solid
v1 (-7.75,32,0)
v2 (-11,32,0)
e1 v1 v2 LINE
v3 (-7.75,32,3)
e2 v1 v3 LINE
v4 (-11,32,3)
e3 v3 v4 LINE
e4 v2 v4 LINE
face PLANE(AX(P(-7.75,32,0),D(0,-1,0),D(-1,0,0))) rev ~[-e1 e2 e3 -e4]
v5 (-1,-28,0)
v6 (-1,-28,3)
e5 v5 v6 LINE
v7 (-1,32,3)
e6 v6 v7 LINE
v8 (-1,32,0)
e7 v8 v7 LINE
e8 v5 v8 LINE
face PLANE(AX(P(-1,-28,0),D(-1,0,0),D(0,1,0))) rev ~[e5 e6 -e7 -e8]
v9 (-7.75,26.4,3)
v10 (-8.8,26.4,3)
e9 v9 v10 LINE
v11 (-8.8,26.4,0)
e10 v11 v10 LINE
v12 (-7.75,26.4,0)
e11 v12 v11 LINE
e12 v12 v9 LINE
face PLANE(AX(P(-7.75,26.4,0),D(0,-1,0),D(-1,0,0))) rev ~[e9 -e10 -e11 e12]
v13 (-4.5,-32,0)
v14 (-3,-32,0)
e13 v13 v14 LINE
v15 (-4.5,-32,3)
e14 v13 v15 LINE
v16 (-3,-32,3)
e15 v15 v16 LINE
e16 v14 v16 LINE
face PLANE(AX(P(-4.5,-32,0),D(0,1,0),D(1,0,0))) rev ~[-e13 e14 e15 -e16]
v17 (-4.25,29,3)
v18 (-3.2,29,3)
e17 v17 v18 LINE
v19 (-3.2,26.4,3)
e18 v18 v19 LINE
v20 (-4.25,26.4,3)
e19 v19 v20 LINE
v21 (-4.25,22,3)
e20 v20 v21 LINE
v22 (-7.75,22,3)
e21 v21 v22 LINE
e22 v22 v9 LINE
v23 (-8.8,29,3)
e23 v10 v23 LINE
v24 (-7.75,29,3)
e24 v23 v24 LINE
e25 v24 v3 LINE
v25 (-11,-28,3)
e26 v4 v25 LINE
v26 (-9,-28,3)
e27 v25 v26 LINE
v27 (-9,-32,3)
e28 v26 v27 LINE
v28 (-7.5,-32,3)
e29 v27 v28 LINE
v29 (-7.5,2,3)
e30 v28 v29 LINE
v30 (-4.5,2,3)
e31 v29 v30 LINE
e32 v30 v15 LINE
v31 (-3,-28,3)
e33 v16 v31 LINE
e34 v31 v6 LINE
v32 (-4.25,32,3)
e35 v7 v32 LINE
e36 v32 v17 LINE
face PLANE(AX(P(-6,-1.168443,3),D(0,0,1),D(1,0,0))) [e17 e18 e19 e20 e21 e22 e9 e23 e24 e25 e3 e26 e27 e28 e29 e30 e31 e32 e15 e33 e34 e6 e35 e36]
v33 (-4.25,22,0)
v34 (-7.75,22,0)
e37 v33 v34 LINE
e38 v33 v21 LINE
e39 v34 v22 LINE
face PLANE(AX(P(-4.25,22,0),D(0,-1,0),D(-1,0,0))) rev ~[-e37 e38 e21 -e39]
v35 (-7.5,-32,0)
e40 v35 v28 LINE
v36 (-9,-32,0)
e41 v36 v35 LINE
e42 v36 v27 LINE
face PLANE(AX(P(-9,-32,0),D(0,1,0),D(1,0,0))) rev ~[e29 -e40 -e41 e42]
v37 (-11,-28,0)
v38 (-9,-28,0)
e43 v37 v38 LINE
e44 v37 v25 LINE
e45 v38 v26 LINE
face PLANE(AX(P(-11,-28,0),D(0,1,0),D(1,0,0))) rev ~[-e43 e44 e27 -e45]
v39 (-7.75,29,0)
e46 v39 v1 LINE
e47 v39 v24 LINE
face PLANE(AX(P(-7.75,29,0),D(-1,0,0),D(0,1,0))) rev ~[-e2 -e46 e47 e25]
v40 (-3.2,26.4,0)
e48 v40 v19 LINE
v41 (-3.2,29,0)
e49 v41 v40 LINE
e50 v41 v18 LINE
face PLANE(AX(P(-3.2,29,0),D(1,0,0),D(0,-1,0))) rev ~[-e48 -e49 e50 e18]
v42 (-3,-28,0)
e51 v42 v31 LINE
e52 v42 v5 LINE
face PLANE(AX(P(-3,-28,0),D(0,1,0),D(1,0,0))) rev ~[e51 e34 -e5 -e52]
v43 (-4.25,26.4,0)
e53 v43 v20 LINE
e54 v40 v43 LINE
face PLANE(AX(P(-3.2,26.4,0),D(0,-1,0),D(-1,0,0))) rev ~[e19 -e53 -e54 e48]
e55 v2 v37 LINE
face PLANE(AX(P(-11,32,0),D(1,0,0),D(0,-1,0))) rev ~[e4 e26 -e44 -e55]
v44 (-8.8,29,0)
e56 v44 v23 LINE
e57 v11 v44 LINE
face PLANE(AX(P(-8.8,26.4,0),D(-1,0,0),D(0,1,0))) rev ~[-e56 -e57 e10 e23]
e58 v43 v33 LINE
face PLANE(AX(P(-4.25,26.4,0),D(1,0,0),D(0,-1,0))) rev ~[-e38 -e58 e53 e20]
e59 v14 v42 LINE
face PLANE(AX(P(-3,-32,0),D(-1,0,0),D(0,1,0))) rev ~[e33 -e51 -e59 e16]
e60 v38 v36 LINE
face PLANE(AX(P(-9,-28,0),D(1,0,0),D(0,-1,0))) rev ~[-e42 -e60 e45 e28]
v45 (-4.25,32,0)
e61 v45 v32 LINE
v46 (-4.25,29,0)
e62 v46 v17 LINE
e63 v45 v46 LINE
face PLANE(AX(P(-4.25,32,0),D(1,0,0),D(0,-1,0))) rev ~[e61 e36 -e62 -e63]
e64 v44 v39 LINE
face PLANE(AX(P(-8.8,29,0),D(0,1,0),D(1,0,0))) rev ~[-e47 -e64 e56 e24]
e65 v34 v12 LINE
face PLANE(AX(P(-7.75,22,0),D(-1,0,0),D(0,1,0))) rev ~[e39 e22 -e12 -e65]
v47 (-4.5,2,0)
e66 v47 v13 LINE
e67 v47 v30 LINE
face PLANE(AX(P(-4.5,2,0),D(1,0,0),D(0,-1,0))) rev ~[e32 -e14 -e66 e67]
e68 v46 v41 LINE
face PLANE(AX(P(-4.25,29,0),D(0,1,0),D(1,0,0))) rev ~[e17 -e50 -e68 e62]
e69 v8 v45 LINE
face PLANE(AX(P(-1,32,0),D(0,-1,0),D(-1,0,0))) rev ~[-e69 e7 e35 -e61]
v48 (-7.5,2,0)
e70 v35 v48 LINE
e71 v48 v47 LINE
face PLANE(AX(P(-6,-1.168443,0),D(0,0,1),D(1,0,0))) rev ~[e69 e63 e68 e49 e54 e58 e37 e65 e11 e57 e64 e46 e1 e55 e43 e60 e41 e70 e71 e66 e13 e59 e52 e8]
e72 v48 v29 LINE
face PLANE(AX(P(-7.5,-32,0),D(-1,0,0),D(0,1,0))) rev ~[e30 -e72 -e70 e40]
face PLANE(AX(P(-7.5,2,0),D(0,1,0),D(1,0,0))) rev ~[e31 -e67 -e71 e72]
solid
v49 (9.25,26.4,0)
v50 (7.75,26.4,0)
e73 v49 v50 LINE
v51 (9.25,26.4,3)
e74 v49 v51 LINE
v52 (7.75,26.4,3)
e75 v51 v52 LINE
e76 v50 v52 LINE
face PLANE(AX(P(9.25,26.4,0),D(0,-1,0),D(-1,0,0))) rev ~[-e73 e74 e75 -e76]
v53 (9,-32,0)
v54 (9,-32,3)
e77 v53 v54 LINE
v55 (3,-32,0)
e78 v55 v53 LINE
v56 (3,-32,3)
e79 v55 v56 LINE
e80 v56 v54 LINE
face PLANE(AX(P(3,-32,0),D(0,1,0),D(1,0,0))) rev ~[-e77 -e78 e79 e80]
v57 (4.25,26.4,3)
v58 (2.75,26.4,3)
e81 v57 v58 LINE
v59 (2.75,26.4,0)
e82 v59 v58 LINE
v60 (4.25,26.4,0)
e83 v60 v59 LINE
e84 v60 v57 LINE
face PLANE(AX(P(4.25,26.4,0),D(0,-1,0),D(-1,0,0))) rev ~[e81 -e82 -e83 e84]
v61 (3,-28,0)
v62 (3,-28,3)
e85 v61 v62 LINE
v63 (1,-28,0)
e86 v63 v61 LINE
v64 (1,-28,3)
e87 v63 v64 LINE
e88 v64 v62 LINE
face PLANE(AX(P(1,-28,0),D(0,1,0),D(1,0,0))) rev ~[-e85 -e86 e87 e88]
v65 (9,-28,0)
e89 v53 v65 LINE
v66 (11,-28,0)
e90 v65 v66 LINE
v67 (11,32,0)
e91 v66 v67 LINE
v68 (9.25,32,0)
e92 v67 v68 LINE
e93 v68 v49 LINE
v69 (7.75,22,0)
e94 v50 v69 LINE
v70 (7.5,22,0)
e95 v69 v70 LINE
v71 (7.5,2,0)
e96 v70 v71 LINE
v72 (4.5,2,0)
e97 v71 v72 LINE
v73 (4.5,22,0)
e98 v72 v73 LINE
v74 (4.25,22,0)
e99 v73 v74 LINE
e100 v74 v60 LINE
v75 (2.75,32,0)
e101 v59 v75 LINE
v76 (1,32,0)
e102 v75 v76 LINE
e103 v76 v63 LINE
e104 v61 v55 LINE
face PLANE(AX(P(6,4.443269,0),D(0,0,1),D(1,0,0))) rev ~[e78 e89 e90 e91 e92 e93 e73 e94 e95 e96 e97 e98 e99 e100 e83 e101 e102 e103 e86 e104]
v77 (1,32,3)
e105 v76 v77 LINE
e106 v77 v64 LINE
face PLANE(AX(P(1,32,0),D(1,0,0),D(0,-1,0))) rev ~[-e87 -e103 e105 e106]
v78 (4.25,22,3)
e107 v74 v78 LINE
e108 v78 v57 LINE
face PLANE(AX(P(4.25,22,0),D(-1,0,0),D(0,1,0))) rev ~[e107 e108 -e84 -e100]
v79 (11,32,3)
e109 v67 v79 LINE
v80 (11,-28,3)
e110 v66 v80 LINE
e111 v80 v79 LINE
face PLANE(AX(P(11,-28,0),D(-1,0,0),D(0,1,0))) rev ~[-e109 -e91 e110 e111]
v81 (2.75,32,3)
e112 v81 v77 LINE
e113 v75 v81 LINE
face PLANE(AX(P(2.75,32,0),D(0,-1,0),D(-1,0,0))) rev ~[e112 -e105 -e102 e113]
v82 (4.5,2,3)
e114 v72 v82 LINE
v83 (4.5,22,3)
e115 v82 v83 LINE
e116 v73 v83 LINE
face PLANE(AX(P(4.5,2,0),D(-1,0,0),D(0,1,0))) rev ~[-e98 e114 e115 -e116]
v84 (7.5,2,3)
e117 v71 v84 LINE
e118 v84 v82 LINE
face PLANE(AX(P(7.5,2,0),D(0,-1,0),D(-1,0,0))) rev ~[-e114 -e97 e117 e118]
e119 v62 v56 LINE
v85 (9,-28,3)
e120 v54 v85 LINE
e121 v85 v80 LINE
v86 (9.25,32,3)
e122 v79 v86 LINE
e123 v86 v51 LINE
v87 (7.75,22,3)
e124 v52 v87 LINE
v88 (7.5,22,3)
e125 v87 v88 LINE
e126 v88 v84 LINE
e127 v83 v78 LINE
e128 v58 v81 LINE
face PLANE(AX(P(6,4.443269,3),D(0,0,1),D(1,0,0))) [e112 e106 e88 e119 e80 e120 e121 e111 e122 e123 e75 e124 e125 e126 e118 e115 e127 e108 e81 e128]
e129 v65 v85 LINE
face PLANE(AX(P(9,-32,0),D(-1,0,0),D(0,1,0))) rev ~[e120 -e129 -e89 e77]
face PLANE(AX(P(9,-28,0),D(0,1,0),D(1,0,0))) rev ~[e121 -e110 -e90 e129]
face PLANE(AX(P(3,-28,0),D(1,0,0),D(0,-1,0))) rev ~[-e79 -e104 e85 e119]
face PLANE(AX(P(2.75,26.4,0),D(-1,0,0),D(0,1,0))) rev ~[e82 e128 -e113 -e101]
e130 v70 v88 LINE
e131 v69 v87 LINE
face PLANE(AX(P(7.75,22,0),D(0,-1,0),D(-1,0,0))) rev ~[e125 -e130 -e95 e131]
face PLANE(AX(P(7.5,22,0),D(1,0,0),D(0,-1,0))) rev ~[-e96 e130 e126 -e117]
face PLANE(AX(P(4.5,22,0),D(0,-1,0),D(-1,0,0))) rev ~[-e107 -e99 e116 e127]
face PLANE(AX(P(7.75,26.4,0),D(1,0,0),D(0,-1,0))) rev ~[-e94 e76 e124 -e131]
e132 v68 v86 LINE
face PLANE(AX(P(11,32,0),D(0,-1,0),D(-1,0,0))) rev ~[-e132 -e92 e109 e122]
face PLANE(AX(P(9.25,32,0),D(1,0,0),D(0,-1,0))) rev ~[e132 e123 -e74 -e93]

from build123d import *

# Parameters (mm, degrees)
F1_DEPTH = 3


with BuildPart() as f1:
    # F0 (on Top) → F1 (new body)
    with BuildSketch(Plane.XY):
        Polygon((-7.75, 32), (-11, 32), (-11, -28), (-9, -28), (-9, -32), (-7.5, -32), (-7.5, 2), (-4.5, 2), (-4.5, -32), (-3, -32), (-3, -28), (-1, -28), (-1, 32), (-4.25, 32), (-4.25, 29), (-3.2, 29), (-3.2, 26.4), (-4.25, 26.4), (-4.25, 22), (-7.75, 22), (-7.75, 26.4), (-8.8, 26.4), (-8.8, 29), (-7.75, 29), align=None)
        Polygon((2.75, 32), (1, 32), (1, -28), (3, -28), (3, -32), (9, -32), (9, -28), (11, -28), (11, 32), (9.25, 32), (9.25, 26.4), (7.75, 26.4), (7.75, 22), (7.5, 22), (7.5, 2), (4.5, 2), (4.5, 22), (4.25, 22), (4.25, 26.4), (2.75, 26.4), align=None)
    extrude(amount=F1_DEPTH)


solid = f1.part
